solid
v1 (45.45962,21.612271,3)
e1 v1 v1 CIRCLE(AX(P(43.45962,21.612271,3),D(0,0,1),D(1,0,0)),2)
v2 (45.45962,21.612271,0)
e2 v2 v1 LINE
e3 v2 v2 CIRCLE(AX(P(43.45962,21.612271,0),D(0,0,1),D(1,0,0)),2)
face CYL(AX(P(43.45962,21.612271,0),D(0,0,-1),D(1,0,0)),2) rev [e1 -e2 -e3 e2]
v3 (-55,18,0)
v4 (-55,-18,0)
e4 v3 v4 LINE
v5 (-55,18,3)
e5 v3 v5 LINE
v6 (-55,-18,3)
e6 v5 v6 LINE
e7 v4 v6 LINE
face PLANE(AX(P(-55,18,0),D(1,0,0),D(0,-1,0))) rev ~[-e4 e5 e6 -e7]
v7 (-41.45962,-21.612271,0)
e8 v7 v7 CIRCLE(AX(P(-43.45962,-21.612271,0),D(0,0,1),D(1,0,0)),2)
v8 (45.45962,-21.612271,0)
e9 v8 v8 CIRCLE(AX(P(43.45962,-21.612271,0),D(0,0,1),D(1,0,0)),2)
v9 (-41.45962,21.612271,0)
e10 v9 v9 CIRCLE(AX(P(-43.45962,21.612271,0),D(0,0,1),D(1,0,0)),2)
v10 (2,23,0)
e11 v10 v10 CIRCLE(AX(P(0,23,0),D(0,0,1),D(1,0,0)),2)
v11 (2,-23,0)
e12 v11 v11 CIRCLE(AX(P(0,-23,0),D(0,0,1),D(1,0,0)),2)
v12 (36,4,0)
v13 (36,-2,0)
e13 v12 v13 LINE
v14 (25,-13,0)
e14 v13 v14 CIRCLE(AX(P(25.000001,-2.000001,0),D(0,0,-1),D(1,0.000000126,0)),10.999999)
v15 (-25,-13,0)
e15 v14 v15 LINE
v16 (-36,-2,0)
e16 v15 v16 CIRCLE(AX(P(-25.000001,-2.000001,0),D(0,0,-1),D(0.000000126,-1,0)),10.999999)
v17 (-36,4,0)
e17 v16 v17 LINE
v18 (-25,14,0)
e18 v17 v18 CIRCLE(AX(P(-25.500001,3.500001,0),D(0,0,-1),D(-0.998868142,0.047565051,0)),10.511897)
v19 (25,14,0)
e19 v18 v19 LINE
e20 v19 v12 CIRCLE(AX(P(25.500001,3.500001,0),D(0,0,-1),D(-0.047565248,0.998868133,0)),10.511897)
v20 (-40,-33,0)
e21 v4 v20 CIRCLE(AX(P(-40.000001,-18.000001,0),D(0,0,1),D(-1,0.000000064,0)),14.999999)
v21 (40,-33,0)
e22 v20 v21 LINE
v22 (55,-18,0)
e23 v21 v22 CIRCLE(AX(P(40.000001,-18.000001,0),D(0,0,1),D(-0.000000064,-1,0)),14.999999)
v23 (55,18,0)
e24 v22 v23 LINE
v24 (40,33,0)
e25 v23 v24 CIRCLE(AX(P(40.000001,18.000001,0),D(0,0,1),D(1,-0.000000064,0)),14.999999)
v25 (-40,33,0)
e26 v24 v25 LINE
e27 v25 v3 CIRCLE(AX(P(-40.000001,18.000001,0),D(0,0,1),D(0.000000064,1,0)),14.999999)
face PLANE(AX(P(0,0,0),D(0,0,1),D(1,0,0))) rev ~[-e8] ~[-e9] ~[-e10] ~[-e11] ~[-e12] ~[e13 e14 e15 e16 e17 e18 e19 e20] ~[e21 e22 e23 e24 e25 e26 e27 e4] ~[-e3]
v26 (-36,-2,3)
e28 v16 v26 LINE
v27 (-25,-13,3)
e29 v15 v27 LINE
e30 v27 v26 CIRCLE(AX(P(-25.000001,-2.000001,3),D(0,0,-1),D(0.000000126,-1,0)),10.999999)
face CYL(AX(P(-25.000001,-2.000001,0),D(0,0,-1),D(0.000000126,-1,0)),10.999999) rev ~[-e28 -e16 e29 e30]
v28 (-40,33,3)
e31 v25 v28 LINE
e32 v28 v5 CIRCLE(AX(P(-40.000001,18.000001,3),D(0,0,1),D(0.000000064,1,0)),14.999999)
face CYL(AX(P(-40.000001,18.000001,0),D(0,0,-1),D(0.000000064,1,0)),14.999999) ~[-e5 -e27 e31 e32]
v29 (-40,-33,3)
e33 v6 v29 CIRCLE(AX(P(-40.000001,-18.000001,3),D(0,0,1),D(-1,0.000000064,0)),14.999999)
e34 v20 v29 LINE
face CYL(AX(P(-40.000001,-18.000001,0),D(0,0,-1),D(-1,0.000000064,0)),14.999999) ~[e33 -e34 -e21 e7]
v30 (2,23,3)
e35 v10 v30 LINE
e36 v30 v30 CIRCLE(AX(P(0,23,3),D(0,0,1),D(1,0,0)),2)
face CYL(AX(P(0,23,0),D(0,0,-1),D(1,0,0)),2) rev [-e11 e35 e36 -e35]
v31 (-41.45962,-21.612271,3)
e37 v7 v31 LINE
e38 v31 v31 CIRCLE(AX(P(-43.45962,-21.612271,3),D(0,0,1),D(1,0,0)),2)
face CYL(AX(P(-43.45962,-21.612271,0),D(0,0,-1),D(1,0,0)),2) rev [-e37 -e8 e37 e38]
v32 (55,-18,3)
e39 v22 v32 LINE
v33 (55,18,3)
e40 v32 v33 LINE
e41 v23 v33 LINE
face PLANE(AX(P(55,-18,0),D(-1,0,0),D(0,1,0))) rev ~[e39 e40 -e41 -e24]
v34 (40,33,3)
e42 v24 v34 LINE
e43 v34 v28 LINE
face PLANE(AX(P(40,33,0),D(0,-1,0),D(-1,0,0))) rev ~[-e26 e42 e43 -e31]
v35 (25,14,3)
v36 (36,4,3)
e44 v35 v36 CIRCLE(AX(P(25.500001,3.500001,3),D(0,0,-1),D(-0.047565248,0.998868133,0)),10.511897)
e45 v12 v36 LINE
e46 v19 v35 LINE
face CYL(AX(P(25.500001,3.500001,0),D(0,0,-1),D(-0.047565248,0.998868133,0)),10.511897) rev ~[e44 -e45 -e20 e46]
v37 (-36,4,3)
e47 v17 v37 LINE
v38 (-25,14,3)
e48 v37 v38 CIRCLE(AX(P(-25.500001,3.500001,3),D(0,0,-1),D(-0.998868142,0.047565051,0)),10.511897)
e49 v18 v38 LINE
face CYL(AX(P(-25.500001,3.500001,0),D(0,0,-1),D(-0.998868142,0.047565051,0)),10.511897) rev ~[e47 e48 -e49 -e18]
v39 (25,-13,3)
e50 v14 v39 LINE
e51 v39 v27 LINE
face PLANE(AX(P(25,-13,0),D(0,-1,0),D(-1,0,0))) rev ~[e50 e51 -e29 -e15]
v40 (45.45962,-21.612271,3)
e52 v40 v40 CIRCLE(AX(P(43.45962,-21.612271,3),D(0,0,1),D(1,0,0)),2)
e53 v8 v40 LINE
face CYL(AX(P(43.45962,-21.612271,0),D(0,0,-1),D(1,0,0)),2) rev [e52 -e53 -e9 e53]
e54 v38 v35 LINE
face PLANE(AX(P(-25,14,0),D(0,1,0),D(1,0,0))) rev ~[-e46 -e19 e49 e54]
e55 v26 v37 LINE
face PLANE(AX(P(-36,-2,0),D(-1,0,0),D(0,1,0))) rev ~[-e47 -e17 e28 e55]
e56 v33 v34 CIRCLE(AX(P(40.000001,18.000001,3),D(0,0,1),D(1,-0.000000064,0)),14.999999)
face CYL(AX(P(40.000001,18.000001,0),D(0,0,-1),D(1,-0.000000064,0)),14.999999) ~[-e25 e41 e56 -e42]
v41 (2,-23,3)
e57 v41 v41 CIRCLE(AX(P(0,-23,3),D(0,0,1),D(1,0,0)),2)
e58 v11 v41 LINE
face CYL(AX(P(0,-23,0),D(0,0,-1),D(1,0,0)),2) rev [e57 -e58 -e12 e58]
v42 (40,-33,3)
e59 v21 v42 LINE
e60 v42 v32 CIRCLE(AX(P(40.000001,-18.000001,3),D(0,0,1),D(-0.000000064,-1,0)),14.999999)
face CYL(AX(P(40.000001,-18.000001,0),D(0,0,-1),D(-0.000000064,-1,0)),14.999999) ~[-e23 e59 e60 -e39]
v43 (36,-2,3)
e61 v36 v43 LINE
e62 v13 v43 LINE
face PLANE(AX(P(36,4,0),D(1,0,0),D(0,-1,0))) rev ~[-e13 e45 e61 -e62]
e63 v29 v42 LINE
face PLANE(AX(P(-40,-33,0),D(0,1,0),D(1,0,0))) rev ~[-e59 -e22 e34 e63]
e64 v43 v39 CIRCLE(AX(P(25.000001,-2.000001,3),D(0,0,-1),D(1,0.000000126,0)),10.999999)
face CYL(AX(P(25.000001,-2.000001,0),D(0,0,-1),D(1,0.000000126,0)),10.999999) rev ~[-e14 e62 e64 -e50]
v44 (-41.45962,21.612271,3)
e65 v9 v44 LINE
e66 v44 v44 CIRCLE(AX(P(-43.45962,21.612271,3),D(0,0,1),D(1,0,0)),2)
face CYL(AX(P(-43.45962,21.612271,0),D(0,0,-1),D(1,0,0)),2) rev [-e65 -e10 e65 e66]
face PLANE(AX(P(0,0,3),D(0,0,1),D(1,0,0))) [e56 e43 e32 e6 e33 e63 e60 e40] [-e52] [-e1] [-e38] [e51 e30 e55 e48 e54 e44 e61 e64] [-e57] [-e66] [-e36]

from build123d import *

# Parameters (mm, degrees)
F0_R     = 2
F1_DEPTH = 3


with BuildPart() as f1:
    # F0 (on Top) → F1 (new body)
    with BuildSketch(Plane.XY):
        with BuildLine():
            Line((-40, -33), (40, -33))
            ThreePointArc((40, -33), (50.606602, -28.606602), (55, -18))
            Line((55, -18), (55, 18))
            ThreePointArc((55, 18), (50.606602, 28.606602), (40, 33))
            Line((40, 33), (-40, 33))
            ThreePointArc((-40, 33), (-50.606602, 28.606602), (-55, 18))
            Line((-55, 18), (-55, -18))
            ThreePointArc((-55, -18), (-50.606602, -28.606602), (-40, -33))
        make_face()
        with Locations((-43.45962, -21.612271)):
            Circle(F0_R, mode=Mode.SUBTRACT)
        with Locations((0, -23)):
            Circle(F0_R, mode=Mode.SUBTRACT)
        with Locations((43.45962, -21.612271)):
            Circle(F0_R, mode=Mode.SUBTRACT)
        with Locations((-43.45962, 21.612271)):
            Circle(F0_R, mode=Mode.SUBTRACT)
        with BuildLine():
            ThreePointArc((-36, 4), (-32.571068, 11.278175), (-25, 14))
            Line((-25, 14), (25, 14))
            ThreePointArc((25, 14), (32.571068, 11.278175), (36, 4))
            Line((36, 4), (36, -2))
            ThreePointArc((36, -2), (32.778175, -9.778175), (25, -13))
            Line((25, -13), (-25, -13))
            ThreePointArc((-25, -13), (-32.778175, -9.778175), (-36, -2))
            Line((-36, -2), (-36, 4))
        make_face(mode=Mode.SUBTRACT)
        with Locations((0, 23)):
            Circle(F0_R, mode=Mode.SUBTRACT)
        with Locations((43.45962, 21.612271)):
            Circle(F0_R, mode=Mode.SUBTRACT)
    extrude(amount=F1_DEPTH)


solid = f1.part
